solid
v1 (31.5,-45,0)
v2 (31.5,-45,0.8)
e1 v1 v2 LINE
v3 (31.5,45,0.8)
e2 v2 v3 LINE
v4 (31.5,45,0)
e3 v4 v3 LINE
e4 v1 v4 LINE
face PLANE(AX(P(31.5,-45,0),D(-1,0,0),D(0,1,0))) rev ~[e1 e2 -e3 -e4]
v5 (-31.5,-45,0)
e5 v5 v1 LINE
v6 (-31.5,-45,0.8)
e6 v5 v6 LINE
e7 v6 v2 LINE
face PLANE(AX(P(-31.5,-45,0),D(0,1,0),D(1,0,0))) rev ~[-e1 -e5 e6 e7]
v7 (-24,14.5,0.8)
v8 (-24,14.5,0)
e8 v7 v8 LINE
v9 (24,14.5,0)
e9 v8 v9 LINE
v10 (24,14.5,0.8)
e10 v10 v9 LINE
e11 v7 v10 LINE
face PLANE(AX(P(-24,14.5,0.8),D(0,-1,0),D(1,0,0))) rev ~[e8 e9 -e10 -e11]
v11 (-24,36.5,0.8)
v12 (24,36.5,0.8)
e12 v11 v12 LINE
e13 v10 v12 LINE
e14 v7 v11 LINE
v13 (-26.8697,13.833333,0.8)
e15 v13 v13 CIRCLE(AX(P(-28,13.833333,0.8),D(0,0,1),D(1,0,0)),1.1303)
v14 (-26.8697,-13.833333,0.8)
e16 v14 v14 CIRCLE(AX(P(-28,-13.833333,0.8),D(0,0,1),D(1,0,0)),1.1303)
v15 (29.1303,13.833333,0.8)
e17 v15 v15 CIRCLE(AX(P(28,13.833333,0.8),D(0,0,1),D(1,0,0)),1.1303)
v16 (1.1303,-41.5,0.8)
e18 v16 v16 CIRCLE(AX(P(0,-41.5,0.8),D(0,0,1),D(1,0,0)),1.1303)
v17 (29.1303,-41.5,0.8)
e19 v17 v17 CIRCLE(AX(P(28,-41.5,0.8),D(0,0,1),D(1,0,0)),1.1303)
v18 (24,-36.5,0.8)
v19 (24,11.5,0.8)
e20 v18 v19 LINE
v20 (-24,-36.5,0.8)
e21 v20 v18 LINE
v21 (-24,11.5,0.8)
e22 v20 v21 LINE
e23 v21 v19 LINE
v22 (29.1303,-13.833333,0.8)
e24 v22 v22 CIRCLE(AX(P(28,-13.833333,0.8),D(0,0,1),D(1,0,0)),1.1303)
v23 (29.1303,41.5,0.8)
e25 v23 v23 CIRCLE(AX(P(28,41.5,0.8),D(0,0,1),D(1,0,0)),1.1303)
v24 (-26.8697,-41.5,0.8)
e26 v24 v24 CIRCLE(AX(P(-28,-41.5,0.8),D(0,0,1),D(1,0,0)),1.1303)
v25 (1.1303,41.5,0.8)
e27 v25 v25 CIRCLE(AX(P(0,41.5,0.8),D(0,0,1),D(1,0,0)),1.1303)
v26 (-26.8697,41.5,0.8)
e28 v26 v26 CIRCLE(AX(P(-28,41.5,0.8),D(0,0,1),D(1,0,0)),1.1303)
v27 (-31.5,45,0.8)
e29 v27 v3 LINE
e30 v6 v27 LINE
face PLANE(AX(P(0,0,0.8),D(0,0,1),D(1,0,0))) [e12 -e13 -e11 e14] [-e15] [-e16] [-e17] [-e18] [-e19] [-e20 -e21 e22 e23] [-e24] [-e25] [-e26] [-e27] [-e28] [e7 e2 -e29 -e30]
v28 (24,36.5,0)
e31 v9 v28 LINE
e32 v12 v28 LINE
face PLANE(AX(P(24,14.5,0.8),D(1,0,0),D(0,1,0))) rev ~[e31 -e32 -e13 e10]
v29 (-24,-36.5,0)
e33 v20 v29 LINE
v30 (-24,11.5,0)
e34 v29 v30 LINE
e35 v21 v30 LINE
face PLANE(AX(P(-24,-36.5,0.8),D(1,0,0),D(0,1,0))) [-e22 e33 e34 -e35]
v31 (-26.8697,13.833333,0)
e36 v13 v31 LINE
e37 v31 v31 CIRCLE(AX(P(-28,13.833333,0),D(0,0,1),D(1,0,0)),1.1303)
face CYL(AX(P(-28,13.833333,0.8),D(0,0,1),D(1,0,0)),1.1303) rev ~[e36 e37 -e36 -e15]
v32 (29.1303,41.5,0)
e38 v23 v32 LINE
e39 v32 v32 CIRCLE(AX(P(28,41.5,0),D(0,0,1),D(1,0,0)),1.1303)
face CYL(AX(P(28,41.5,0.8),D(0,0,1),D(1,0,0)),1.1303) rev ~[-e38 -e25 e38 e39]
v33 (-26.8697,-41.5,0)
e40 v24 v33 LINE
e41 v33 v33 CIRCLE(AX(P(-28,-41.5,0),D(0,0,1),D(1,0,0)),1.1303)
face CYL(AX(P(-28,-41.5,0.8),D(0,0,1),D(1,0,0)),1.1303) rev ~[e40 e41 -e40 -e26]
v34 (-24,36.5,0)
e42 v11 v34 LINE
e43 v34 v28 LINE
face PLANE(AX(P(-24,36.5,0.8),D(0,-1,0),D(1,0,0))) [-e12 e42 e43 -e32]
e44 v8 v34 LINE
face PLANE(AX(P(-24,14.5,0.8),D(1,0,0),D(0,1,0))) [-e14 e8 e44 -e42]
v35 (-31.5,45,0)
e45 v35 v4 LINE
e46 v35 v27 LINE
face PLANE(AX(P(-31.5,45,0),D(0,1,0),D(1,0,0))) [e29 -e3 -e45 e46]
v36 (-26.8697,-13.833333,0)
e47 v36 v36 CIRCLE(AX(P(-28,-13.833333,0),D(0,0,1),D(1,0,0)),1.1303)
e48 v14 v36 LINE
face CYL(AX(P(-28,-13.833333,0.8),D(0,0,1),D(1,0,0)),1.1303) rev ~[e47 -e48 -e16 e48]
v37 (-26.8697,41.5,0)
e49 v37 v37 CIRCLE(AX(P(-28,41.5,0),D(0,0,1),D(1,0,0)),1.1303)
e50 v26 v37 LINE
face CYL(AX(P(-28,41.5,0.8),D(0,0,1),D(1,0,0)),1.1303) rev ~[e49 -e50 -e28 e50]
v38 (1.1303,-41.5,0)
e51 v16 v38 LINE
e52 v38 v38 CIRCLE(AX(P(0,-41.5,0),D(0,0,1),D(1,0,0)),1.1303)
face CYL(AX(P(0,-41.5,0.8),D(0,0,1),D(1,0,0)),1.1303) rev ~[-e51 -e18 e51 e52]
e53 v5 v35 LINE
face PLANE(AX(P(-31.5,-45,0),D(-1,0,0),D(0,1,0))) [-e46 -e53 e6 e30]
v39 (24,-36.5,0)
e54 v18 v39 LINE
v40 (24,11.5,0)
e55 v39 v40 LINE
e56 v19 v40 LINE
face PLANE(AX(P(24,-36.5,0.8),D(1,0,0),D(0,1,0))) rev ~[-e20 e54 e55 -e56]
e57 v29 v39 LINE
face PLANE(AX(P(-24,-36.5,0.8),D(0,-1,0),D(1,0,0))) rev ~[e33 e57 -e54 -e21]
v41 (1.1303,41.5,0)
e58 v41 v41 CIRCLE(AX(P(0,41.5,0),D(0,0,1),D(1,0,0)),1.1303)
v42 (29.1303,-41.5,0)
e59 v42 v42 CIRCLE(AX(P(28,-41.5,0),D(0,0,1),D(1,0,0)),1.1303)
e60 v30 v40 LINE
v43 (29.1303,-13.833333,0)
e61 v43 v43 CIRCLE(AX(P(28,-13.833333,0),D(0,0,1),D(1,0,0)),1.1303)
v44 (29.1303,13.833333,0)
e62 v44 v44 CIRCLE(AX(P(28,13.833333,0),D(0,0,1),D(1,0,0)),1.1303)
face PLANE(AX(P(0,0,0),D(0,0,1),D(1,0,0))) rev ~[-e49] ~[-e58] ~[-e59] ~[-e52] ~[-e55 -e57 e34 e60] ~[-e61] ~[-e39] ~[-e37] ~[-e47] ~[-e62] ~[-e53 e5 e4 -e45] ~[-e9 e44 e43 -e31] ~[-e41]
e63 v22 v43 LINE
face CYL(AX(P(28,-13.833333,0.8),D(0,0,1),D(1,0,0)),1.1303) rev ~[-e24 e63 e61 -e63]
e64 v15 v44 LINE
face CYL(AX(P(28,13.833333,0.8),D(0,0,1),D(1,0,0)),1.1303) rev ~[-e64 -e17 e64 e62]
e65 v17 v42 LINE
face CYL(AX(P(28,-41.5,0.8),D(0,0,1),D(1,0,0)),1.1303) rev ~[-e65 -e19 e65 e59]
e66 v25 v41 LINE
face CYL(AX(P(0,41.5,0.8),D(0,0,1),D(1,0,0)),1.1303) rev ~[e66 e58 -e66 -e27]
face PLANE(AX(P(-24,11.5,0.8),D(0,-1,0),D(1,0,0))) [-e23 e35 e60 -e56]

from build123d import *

# Parameters (mm, degrees)
F0_W     = 63
F0_H     = 90
F1_DEPTH = 0.8
F3_R     = 1.1303
F4_DEPTH = 25
F5_W     = 48
F5_H     = 22
F5_H_2   = 48
F6_DEPTH = 25


with BuildPart() as f1:
    # F0 (on Top) → F1 (new body)
    with BuildSketch(Plane.XY):
        Rectangle(F0_W, F0_H)
    extrude(amount=F1_DEPTH)

    # F3 (on face) → F4 (cut)
    with BuildSketch(Plane.XY.offset(0.8)):
        with Locations((-28, 41.5)):
            Circle(F3_R)
        with Locations((-28, -41.5)):
            Circle(F3_R)
        with Locations((28, -41.5)):
            Circle(F3_R)
        with Locations((28, 41.5)):
            Circle(F3_R)
        with Locations((0, 41.5)):
            Circle(F3_R)
        with Locations((0, -41.5)):
            Circle(F3_R)
        with Locations((-28, 13.833333)):
            Circle(F3_R)
        with Locations((-28, -13.833333)):
            Circle(F3_R)
        with Locations((28, 13.833333)):
            Circle(F3_R)
        with Locations((28, -13.833333)):
            Circle(F3_R)
    extrude(amount=-F4_DEPTH, mode=Mode.SUBTRACT)

    # F5 (on face) → F6 (cut)
    with BuildSketch(Plane.XY.offset(0.8)):
        with Locations((0, 25.5)):
            Rectangle(F5_W, F5_H)
        with Locations((0, -12.5)):
            Rectangle(F5_W, F5_H_2)
    extrude(amount=-F6_DEPTH, mode=Mode.SUBTRACT)


solid = f1.part
